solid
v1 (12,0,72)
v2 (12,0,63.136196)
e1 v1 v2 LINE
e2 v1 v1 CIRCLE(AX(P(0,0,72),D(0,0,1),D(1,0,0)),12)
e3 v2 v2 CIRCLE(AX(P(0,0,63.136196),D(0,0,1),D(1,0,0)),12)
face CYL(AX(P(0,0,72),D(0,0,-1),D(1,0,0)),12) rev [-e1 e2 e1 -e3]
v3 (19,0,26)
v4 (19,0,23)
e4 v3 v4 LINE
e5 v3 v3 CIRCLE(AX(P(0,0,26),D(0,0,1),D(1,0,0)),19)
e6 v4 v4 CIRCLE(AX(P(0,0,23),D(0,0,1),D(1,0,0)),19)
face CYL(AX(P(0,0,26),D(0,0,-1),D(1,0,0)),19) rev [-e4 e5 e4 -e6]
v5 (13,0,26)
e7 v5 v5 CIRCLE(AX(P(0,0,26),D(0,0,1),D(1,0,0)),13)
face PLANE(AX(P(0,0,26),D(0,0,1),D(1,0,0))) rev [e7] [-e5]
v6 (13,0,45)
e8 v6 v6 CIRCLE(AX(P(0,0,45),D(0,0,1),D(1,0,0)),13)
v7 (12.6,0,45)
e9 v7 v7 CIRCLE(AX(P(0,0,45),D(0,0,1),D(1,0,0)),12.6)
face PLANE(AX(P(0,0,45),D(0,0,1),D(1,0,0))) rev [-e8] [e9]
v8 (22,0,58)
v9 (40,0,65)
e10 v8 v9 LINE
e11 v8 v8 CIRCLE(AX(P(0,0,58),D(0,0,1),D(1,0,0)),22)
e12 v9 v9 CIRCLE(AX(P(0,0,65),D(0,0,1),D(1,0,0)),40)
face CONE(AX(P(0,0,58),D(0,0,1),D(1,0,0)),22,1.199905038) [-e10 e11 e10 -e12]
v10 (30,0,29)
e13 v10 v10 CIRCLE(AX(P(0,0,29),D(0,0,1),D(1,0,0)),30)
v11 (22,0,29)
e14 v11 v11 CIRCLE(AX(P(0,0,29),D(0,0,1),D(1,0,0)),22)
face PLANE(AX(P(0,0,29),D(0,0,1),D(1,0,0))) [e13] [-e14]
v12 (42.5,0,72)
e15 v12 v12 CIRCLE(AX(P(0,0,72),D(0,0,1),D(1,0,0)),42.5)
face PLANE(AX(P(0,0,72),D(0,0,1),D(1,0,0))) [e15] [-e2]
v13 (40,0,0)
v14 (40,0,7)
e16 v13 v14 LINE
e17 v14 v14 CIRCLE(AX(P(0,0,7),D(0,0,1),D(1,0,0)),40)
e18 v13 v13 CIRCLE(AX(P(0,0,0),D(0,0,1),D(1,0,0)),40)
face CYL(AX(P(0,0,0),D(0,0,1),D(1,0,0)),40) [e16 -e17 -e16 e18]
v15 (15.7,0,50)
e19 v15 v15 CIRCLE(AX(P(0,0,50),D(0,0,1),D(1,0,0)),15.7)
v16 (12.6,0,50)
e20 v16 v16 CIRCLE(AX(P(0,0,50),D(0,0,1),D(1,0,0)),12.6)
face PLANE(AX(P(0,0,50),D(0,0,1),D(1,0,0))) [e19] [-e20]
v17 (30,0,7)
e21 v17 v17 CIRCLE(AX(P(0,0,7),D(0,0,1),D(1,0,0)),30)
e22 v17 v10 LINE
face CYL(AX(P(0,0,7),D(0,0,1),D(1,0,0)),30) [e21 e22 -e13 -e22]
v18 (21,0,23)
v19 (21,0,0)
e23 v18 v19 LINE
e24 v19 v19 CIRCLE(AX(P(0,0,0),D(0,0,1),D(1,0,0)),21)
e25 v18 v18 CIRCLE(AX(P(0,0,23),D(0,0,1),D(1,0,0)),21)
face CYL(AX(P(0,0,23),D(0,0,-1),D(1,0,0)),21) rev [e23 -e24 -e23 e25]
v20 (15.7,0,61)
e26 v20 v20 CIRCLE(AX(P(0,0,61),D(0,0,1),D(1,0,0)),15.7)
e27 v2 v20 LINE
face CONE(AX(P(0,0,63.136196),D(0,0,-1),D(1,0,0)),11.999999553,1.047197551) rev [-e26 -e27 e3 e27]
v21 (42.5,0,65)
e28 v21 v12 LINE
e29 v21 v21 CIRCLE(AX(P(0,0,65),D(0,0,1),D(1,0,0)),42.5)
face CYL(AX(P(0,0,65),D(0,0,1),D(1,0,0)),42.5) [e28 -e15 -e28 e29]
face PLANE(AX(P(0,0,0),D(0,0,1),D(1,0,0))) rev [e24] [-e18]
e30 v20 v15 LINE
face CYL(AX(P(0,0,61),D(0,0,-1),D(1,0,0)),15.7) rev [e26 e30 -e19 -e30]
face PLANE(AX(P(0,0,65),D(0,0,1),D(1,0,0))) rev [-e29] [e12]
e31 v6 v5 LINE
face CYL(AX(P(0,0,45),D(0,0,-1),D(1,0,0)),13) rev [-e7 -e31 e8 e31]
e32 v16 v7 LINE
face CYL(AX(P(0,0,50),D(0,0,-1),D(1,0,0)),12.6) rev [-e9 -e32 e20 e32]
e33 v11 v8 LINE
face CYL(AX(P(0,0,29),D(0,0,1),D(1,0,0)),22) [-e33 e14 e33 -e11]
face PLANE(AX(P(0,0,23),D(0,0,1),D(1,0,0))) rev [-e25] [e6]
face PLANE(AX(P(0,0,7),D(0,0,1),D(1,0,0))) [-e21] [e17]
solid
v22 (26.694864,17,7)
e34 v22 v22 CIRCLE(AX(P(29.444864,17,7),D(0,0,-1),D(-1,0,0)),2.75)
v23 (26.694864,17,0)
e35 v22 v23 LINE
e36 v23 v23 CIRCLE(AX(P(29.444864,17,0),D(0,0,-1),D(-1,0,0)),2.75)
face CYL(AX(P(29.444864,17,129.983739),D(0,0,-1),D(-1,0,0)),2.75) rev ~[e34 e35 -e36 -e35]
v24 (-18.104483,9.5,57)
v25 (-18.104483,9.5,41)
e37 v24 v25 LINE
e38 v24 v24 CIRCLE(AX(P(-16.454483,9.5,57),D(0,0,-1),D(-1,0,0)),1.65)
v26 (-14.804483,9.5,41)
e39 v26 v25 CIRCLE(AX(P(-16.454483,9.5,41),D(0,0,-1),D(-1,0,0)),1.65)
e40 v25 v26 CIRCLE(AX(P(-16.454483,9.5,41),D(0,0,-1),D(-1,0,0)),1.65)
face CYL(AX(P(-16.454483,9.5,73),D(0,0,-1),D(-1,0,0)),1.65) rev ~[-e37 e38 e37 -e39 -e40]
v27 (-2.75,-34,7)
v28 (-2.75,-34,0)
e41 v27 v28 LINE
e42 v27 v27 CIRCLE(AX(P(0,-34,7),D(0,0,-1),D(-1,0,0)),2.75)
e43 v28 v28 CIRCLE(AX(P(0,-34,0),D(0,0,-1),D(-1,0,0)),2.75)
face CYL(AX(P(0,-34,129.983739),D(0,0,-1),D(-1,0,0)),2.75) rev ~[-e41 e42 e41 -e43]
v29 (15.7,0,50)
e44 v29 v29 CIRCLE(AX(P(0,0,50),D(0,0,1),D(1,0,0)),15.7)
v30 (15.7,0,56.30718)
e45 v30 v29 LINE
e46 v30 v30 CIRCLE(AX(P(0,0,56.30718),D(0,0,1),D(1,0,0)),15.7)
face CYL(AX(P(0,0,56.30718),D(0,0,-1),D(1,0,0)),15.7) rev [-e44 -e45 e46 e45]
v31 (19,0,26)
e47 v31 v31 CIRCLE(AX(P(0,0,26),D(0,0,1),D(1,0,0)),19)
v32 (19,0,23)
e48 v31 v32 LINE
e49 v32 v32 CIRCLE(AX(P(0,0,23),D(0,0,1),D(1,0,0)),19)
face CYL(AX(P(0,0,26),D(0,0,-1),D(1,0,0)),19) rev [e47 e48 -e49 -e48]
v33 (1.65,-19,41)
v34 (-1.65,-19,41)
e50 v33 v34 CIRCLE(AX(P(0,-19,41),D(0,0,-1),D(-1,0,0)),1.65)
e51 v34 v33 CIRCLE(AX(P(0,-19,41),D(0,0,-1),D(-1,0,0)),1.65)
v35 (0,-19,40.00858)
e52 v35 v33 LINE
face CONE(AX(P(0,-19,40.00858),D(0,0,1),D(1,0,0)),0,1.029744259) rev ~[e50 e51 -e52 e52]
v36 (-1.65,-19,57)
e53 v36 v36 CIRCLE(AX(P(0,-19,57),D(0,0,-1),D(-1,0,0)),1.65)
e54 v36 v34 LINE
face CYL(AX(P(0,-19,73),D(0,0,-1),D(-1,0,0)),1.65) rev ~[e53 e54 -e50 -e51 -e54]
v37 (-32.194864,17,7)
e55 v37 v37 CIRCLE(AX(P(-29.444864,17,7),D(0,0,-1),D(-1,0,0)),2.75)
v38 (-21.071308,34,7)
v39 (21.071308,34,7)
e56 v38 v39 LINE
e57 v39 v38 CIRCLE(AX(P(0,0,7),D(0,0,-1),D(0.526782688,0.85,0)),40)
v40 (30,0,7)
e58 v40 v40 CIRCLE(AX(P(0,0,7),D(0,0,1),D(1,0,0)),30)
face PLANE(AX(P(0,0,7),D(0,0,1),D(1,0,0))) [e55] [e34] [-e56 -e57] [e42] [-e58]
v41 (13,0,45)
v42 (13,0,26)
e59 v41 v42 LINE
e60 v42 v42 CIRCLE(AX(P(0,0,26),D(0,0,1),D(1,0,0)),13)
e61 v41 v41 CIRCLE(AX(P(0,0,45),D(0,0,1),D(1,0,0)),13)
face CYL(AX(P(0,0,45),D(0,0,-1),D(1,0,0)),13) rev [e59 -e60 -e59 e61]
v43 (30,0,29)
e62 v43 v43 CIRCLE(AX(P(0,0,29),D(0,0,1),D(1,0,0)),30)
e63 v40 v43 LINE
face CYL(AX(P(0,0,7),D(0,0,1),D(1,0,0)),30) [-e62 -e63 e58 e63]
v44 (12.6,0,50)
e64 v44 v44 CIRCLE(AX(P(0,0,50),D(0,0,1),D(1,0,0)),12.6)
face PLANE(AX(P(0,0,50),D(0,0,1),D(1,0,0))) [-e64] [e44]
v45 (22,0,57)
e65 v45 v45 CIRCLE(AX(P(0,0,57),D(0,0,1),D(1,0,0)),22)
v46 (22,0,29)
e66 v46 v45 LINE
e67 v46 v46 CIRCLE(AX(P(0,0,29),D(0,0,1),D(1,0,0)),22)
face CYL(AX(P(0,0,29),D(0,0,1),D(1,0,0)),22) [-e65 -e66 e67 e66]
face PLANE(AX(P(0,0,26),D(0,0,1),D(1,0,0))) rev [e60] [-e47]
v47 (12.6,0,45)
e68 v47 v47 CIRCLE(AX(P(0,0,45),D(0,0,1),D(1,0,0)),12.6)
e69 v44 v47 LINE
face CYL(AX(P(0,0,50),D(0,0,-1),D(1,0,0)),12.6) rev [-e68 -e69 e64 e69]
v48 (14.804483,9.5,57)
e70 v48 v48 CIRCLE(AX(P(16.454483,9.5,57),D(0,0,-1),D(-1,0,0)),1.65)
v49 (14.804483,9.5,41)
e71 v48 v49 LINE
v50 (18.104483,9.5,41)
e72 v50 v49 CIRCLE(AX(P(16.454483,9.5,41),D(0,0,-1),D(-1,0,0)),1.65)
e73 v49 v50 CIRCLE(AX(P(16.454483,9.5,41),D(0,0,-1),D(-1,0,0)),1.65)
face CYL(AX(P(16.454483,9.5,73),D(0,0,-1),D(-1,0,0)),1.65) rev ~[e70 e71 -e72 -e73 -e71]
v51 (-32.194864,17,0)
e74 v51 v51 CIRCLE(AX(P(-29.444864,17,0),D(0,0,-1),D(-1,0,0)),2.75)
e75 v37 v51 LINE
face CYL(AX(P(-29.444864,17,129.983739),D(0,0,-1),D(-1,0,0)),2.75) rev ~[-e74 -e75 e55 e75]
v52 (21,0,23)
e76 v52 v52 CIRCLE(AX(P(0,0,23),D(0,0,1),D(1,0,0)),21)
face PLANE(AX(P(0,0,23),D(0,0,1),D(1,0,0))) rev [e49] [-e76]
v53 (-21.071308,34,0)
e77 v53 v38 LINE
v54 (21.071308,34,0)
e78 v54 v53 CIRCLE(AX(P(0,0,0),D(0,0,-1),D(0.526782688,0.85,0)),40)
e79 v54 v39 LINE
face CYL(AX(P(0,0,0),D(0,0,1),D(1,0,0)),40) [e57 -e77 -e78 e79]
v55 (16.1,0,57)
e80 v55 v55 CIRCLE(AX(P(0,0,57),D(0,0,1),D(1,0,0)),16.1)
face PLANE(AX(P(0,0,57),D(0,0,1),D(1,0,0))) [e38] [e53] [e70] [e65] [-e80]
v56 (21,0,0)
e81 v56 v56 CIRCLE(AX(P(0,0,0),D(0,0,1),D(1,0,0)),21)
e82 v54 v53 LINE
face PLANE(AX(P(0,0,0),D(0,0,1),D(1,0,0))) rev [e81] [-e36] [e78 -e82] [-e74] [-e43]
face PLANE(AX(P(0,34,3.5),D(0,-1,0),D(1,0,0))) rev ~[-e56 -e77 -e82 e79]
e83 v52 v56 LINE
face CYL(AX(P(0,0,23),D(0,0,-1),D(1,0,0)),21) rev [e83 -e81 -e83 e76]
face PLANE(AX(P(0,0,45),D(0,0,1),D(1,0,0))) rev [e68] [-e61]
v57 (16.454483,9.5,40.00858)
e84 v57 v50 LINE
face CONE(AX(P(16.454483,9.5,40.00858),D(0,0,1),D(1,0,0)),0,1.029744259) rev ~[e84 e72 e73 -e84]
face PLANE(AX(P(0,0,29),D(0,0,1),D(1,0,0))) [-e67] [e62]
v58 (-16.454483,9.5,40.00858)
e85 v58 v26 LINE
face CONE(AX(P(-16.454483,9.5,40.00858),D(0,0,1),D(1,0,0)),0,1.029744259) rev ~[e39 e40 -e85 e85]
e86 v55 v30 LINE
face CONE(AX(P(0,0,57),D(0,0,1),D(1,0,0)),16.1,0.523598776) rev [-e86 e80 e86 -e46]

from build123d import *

# Parameters (mm, degrees)
F6_W     = 80
F6_H     = 8
F7_DEPTH = 10
F9_D     = 3.3
F9_DEPTH = 16
F9_TIP   = 0.9914200214
F11_D    = 5.5


with BuildPart() as f3:
    # F2 (on Front) → F3 (revolve)
    with BuildSketch(Plane.XZ):
        Polygon((22, 58), (40, 65), (42.5, 65), (42.5, 72), (11.999999553, 72), (11.999999553, 63.1361962541), (15.7, 61), (15.7, 50), (12.6, 50), (12.6, 45), (13, 45), (13, 26), (19, 26), (19, 23), (21, 23), (21, 0), (40, 0), (40, 7), (30, 7), (30, 29), (22, 29), align=None)
    revolve(axis=Axis((0, 0, 6.2499970198), (0, 0, 1)))


with BuildPart() as f4:
    # F1 (on Front) → F4 (revolve)
    with BuildSketch(Plane.XZ):
        Polygon((21, 23), (21, 0), (40, 0), (40, 7), (30, 7), (30, 29), (22, 29), (22, 57), (16.1, 57), (15.7, 56.307179677), (15.7, 50), (12.6, 50), (12.6, 45), (13, 45), (13, 26), (19, 26), (19, 23), align=None)
    revolve(axis=Axis((0, 0, 6.2499970198), (0, 0, 1)))

    # F6 (on offset) → F7 (cut)
    with BuildSketch(Plane.XZ.offset(-34)):
        with Locations((0, 3.5)):
            Rectangle(F6_W, F6_H)
    extrude(amount=-F7_DEPTH, mode=Mode.SUBTRACT)

    # F9
    with Locations(Plane.XY.offset(57)):
        with Locations((16.4544826719, 9.5), (0, -19), (-16.4544826719, 9.5)):
            Hole(F9_D / 2, depth=F9_DEPTH)
            with Locations((0, 0, -(F9_DEPTH + F9_TIP / 2))):  # 118° drill point
                Cone(0, F9_D / 2, F9_TIP, mode=Mode.SUBTRACT)

    # F11 (through all)
    with Locations(Plane.XY.offset(7)):
        with Locations((-29.4448637287, 17), (29.4448637287, 17), (0, -34)):
            Hole(F11_D / 2)


solid = Compound([f3.part, f4.part])
